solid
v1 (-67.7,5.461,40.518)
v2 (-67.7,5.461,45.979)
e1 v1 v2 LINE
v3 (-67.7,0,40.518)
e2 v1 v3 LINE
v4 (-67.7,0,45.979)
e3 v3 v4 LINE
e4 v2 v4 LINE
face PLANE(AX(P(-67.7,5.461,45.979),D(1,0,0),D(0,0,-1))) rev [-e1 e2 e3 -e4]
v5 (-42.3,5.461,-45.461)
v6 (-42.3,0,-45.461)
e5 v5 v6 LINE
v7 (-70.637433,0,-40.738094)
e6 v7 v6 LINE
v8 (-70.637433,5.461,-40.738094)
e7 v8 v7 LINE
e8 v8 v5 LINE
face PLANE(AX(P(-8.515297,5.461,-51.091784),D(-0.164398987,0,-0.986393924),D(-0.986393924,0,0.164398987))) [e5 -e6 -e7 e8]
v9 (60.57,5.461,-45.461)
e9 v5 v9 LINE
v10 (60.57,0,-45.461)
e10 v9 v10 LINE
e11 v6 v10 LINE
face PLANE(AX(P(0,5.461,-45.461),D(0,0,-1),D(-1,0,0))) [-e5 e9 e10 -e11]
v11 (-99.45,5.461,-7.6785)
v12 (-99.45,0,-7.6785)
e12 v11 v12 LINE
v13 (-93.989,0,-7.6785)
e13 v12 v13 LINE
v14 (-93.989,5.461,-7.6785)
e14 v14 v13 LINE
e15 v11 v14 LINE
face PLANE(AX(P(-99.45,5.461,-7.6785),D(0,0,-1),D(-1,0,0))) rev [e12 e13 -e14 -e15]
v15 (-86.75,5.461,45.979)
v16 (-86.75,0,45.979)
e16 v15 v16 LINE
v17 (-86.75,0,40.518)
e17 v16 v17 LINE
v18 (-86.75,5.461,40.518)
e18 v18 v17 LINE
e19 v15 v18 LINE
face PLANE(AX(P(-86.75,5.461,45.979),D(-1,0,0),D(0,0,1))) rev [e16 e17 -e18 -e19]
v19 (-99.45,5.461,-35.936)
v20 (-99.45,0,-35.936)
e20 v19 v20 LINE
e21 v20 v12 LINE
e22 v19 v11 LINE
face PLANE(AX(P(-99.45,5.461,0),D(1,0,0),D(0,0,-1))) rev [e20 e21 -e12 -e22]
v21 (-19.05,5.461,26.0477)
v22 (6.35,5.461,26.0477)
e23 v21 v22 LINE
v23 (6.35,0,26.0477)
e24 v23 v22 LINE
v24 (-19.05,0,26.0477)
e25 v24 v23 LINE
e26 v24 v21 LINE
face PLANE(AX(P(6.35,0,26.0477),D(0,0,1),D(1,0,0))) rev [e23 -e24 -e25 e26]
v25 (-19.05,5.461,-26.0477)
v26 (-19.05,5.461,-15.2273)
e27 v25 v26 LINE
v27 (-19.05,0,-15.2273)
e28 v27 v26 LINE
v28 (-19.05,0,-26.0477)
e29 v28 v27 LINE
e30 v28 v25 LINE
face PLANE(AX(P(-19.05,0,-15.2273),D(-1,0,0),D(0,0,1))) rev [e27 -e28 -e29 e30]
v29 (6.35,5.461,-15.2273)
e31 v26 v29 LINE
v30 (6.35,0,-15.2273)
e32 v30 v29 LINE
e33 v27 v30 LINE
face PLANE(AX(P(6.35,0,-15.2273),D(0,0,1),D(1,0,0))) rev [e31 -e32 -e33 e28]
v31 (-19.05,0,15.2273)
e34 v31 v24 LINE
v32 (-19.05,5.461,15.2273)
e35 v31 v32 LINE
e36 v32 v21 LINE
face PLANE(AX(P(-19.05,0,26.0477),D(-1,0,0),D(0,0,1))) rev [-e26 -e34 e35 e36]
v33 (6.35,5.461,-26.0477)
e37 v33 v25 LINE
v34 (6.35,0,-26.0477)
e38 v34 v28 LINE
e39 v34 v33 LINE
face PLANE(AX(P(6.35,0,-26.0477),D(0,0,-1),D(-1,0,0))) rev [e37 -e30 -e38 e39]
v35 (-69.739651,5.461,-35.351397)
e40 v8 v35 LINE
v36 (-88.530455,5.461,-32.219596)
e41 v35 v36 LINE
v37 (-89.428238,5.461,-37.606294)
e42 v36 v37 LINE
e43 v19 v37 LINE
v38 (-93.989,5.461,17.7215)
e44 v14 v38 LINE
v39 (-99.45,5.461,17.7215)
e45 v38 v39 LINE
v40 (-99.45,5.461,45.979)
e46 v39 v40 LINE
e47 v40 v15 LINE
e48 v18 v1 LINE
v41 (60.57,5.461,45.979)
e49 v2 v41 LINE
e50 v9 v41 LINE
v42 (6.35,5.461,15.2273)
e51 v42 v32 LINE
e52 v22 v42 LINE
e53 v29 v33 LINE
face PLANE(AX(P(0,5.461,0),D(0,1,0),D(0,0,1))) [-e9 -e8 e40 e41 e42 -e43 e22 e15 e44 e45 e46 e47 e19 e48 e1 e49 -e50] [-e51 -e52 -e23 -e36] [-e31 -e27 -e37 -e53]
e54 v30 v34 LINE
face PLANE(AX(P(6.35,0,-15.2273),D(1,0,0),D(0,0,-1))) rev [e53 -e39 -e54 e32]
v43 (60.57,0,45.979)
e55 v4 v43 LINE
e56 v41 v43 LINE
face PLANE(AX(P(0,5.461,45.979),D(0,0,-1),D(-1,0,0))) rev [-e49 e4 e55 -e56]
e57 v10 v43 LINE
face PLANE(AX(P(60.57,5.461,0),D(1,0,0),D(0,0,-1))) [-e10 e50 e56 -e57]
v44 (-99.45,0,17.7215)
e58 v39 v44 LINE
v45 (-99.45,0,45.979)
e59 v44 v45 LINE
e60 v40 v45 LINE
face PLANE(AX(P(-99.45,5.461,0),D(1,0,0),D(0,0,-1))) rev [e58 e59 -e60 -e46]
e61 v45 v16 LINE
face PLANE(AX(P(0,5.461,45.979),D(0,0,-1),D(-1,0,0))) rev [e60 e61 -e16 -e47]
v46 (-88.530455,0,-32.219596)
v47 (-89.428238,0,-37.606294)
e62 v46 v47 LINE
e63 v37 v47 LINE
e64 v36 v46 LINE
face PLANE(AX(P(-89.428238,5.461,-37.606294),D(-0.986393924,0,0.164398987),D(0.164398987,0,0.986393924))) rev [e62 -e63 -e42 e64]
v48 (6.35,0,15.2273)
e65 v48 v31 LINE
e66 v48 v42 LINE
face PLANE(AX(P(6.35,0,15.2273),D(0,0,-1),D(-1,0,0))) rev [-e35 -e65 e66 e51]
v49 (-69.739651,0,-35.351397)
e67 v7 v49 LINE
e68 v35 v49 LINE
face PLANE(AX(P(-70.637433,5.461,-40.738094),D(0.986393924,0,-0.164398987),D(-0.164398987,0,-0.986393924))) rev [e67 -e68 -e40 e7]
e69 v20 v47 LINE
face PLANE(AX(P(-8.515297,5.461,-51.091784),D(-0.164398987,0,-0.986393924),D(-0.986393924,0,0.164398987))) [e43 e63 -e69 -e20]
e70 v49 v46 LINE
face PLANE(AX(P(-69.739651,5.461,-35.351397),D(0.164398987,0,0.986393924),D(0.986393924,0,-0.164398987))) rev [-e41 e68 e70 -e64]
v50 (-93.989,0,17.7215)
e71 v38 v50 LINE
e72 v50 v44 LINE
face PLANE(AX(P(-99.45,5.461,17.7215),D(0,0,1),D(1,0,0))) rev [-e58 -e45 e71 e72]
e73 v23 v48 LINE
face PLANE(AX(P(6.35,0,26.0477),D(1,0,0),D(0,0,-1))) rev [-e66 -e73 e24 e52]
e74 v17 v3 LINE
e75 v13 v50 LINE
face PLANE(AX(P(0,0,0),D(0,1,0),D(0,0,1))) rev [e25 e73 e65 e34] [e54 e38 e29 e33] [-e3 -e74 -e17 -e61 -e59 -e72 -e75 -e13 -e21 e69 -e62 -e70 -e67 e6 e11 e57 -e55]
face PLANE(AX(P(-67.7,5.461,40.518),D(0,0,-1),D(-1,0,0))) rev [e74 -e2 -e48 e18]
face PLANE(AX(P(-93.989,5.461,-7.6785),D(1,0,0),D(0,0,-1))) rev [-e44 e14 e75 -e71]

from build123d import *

# Parameters (mm, degrees)
BOSS_EXTRUDE1_DEPTH = 5.461
BOSS_EXTRUDE2_DEPTH = 5.461
SKETCH3_W           = 5.461
SKETCH3_H           = 25.4
SKETCH3_W_2         = 19.05
SKETCH3_H_2         = 5.461
CUT_EXTRUDE1_DEPTH  = 6.461
SKETCH4_W           = 25.4
SKETCH4_H           = 10.8204
CUT_EXTRUDE2_DEPTH  = 6.461


with BuildPart() as part:
    # Sketch1 → Boss-Extrude1 (new body)
    with BuildSketch(Plane(origin=(0, 0, 0), x_dir=(1, 0, 0), z_dir=(0, 1, 0))):
        Polygon((-42.3, 45.461), (-99.45, 35.936), (-99.45, -45.979), (60.57, -45.979), (60.57, 45.461), align=None)
        with BuildLine():
            ThreePointArc((-55, 32.5), (-52.803300859, 37.803300859), (-47.5, 40))
            Line((-47.5, 40), (47.5, 40))
            ThreePointArc((47.5, 40), (52.803300859, 37.803300859), (55, 32.5))
            Line((55, 32.5), (55, -32.5))
            ThreePointArc((55, -32.5), (52.803300859, -37.803300859), (47.5, -40))
            Line((47.5, -40), (-47.5, -40))
            ThreePointArc((-47.5, -40), (-52.803300859, -37.803300859), (-55, -32.5))
            Line((-55, -32.5), (-55, 32.5))
        make_face(mode=Mode.SUBTRACT)
    extrude(amount=BOSS_EXTRUDE1_DEPTH)

    # Sketch2 → Boss-Extrude2 (add)
    with BuildSketch(Plane(origin=(0, 5.461, 0), x_dir=(1, 0, 0), z_dir=(0, 1, 0))):
        with BuildLine():
            Line((-47.5, -40), (47.5, -40))
            ThreePointArc((47.5, -40), (52.803300859, -37.803300859), (55, -32.5))
            Line((55, -32.5), (55, 32.5))
            ThreePointArc((55, 32.5), (52.803300859, 37.803300859), (47.5, 40))
            Line((47.5, 40), (-47.5, 40))
            ThreePointArc((-47.5, 40), (-52.803300859, 37.803300859), (-55, 32.5))
            Line((-55, 32.5), (-55, -32.5))
            ThreePointArc((-55, -32.5), (-52.803300859, -37.803300859), (-47.5, -40))
        make_face()
    extrude(amount=-BOSS_EXTRUDE2_DEPTH)

    # Sketch3 → Cut-Extrude1 (cut, through all)
    with BuildSketch(Plane.XZ):
        Polygon((-70.637433485, -40.738094419), (-89.428237734, -37.606293711), (-88.530454864, -32.219596493), (-69.739650615, -35.351397201), align=None)
        with Locations((-96.7195, 5.0215)):
            Rectangle(SKETCH3_W, SKETCH3_H)
        with Locations((-77.225, 43.2485)):
            Rectangle(SKETCH3_W_2, SKETCH3_H_2)
    extrude(amount=-CUT_EXTRUDE1_DEPTH, mode=Mode.SUBTRACT)

    # Sketch4 → Cut-Extrude2 (cut, through all)
    with BuildSketch(Plane(origin=(0, 5.461, 0), x_dir=(1, 0, 0), z_dir=(0, 1, 0))):
        with Locations((-6.35, -20.6375)):
            Rectangle(SKETCH4_W, SKETCH4_H)
        with Locations((-6.35, 20.6375)):
            Rectangle(SKETCH4_W, SKETCH4_H)
    extrude(amount=-CUT_EXTRUDE2_DEPTH, mode=Mode.SUBTRACT)


solid = part.part
